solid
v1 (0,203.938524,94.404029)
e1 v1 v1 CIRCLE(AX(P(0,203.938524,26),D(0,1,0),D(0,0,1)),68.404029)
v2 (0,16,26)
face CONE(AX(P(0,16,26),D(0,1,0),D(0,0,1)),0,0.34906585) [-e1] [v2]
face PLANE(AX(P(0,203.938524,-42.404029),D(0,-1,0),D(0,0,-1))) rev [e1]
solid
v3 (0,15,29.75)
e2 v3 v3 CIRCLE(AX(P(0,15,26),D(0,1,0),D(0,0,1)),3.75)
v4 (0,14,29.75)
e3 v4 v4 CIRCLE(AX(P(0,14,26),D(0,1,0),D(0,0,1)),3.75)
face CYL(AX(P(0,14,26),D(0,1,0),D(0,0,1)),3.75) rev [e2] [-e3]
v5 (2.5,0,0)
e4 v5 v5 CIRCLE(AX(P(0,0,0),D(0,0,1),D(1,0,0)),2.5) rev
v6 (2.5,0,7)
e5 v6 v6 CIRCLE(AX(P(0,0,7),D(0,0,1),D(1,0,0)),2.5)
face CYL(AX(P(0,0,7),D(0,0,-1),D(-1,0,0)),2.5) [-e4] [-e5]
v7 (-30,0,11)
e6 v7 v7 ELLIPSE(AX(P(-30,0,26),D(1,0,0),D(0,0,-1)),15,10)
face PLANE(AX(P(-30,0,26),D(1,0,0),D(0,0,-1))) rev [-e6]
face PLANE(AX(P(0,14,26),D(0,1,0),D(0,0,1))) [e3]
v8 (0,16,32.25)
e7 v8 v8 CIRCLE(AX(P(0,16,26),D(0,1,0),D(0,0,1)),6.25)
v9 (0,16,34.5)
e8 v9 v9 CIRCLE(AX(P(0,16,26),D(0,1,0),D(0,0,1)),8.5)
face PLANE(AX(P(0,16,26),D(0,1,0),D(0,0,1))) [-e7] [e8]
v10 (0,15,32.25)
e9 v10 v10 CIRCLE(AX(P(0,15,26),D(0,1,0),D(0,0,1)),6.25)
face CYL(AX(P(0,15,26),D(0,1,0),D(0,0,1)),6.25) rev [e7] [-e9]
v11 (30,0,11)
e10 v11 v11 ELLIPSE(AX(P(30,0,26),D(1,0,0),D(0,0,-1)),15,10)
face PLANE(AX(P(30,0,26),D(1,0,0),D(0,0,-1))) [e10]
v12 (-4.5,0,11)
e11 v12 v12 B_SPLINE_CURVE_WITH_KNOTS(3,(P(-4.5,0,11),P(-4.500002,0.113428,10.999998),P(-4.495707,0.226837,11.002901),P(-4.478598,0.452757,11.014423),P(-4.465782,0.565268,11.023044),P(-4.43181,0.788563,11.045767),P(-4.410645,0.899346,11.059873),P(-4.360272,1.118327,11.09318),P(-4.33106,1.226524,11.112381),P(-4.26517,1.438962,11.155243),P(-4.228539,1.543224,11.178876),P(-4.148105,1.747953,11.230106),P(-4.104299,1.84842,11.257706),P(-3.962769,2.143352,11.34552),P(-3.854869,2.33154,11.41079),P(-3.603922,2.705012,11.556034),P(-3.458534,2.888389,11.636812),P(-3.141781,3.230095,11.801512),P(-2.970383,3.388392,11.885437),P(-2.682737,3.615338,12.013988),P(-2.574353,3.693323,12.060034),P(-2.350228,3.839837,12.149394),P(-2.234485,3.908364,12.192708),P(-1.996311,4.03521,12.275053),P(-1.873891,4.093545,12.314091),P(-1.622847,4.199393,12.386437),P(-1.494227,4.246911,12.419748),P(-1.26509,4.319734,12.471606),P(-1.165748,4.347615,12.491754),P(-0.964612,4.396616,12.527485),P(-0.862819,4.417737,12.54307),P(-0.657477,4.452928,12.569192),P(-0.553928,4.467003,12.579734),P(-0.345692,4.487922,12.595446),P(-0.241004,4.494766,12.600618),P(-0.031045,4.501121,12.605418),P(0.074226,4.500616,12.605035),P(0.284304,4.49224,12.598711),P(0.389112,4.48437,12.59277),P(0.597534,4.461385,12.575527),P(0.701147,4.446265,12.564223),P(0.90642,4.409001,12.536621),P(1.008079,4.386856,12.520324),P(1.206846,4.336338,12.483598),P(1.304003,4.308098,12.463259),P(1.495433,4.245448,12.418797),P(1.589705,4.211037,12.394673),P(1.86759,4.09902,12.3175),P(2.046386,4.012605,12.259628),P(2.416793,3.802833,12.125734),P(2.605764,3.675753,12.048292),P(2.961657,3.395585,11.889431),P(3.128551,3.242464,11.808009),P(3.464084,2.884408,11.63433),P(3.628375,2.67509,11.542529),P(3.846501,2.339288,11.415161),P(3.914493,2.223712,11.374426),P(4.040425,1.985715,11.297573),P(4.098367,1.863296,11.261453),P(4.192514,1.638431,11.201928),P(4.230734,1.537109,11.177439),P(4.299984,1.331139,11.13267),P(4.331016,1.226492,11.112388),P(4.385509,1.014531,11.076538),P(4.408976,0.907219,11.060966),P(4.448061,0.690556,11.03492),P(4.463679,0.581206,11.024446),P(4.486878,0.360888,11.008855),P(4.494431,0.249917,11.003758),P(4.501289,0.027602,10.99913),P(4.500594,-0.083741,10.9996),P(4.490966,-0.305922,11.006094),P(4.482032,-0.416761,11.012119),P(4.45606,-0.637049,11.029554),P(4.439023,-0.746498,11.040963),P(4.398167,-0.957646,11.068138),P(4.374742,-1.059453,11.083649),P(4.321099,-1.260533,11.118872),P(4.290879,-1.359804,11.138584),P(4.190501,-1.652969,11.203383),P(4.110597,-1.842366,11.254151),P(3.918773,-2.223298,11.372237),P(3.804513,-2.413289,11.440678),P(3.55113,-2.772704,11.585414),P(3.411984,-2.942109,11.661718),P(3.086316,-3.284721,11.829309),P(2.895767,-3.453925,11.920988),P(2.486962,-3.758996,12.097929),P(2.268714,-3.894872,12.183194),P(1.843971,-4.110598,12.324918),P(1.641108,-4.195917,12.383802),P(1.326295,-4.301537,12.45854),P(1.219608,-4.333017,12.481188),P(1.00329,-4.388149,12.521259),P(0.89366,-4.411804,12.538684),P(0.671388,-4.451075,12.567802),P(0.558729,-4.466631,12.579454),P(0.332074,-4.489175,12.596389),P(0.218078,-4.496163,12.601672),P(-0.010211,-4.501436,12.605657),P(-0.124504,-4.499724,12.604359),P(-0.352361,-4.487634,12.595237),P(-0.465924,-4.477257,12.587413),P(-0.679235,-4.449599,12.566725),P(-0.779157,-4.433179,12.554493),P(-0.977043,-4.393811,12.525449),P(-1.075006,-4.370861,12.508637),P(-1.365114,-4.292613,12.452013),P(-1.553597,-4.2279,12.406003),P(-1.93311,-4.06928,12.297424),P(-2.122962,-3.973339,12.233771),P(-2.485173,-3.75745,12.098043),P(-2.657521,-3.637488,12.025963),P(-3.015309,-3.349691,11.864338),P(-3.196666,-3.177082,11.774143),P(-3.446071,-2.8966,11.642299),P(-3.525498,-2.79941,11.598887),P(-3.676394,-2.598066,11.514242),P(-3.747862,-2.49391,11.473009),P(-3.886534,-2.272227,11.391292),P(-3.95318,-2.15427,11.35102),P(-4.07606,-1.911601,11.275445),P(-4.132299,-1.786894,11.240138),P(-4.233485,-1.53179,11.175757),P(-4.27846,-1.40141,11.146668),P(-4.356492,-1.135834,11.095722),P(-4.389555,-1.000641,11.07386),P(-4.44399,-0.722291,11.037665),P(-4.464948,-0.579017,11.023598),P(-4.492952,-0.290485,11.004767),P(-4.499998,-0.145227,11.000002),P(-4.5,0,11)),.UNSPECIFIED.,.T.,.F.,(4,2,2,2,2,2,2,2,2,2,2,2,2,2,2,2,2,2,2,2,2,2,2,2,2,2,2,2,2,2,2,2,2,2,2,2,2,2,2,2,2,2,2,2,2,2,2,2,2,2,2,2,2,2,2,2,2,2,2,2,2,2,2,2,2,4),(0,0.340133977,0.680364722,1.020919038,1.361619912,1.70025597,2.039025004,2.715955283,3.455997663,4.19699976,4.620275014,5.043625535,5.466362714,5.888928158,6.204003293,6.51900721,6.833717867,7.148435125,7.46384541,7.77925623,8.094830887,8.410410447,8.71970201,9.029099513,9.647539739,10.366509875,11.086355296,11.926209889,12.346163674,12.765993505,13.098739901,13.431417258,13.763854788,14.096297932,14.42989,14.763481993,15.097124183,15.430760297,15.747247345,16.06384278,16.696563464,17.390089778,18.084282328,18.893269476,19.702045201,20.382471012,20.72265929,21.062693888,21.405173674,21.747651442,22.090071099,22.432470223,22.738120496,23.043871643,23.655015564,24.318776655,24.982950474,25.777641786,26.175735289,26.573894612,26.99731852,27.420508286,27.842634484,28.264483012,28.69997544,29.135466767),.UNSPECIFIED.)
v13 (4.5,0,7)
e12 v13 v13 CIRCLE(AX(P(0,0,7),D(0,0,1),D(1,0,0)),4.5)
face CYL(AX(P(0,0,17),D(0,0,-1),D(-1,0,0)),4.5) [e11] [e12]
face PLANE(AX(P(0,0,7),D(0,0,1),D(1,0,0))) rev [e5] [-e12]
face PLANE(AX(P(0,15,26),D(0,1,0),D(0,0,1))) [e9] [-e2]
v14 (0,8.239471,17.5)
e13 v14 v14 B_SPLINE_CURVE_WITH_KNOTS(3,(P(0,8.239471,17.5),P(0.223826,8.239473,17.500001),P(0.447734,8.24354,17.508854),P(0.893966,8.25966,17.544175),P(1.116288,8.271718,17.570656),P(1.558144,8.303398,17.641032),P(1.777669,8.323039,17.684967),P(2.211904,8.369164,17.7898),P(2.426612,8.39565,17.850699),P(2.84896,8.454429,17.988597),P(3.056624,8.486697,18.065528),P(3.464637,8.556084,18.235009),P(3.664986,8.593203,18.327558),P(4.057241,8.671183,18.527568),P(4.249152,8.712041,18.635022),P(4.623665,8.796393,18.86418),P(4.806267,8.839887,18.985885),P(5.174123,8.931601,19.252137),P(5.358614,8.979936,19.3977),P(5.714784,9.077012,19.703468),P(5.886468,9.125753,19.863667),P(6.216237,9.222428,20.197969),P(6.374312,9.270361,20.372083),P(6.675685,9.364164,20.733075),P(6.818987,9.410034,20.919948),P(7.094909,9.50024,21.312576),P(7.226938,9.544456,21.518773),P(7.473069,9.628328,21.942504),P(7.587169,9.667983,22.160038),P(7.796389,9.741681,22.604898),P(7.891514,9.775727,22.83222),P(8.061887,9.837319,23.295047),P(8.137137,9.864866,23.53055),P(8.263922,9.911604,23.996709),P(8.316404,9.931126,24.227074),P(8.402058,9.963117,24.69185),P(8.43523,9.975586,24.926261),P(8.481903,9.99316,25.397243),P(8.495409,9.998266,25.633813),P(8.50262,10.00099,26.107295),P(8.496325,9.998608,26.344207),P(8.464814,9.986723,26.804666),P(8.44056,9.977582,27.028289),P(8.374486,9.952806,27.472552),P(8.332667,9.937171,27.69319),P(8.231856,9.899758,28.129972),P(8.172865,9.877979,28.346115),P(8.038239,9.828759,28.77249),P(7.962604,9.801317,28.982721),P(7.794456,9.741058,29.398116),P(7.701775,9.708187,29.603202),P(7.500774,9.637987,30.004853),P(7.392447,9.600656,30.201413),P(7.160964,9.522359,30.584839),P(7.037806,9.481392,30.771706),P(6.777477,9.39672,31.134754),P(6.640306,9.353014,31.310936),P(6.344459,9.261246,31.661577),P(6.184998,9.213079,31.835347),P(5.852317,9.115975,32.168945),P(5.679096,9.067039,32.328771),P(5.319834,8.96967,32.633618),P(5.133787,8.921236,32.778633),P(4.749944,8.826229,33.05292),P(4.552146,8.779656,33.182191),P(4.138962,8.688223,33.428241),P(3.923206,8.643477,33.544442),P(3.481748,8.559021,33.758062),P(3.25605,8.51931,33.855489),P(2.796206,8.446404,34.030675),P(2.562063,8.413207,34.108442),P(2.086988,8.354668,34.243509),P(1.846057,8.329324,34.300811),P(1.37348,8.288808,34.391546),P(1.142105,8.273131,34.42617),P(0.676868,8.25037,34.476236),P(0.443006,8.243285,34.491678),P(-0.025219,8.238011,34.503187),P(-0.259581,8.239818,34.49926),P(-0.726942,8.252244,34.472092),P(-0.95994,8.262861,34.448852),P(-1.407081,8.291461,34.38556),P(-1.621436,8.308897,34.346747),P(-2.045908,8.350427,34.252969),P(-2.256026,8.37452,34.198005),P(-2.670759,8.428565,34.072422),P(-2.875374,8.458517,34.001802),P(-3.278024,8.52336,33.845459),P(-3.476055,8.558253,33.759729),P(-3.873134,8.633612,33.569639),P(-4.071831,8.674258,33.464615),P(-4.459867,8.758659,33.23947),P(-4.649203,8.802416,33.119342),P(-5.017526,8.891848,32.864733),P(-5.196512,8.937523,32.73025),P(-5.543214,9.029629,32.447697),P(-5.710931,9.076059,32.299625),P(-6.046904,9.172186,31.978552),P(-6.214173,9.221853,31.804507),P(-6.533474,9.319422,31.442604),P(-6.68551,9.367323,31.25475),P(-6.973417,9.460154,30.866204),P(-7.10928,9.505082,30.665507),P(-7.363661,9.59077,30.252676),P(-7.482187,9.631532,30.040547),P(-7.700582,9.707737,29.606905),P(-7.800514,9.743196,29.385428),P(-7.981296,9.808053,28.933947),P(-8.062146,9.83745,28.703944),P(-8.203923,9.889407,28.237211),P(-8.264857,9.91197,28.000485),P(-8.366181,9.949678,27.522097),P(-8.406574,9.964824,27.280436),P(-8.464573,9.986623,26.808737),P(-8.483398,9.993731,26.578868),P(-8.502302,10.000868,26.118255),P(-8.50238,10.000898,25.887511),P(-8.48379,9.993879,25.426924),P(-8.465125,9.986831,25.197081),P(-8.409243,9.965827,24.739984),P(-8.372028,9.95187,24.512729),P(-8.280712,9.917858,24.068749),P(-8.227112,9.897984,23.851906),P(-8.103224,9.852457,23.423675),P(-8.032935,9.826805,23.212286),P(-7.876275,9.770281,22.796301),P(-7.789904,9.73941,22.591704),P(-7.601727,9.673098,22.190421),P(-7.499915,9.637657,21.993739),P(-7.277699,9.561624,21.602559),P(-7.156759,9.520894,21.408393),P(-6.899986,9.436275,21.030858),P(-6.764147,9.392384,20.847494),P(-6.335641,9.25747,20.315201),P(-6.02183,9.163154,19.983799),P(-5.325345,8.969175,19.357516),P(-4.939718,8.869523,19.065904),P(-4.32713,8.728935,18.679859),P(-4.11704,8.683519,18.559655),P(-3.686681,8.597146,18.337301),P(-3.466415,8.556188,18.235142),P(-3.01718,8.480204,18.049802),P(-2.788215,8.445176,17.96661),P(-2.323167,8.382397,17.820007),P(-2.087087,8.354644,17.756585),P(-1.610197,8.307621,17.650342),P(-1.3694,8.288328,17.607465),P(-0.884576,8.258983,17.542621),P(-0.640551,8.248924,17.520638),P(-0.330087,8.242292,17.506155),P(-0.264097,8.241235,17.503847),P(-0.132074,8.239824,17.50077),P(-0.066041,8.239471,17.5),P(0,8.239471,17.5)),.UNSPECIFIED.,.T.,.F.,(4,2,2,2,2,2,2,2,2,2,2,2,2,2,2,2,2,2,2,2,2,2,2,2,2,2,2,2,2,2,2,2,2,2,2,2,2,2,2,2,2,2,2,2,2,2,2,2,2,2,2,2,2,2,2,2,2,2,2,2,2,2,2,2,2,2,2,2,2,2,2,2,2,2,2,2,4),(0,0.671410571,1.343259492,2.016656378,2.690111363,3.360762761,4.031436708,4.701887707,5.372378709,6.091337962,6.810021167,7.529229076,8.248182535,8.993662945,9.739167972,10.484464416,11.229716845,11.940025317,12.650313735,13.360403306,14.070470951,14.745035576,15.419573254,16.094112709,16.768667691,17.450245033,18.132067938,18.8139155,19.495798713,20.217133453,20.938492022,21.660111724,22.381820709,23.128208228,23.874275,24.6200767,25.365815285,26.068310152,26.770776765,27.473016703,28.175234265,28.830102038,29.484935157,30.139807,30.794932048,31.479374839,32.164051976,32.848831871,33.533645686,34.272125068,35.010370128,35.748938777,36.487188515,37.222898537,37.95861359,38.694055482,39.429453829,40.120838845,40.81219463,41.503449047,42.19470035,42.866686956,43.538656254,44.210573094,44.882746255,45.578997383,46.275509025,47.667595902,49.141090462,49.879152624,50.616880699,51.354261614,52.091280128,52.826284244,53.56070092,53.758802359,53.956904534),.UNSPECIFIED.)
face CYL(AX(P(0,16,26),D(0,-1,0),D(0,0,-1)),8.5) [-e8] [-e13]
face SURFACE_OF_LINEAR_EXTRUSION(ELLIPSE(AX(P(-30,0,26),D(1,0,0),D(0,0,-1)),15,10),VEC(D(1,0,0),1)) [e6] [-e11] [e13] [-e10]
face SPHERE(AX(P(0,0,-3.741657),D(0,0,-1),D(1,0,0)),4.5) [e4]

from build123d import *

# Parameters (mm, degrees)
SKETCH_1_R           = 2.5
EXTRUDE_1_DEPTH      = 7
SKETCH_2_R           = 4.5
EXTRUDE_2_DEPTH      = 10
EXTRUDE_3_DEPTH      = 30
EXTRUDE_3_DEPTH_BACK = 30
SKETCH_3_RX          = 15
SKETCH_3_RY          = 10
SKETCH_4_R           = 8.5
EXTRUDE_4_DEPTH      = 16
SKETCH_5_R           = 6.25
CUT_EXTRUDE_1_DEPTH  = 1
SKETCH_6_R           = 3.75
CUT_EXTRUDE_2_DEPTH  = 1


with BuildPart() as part:
    # 草图1 → 凸台-拉伸1 (new body)
    with BuildSketch(Plane.XY):
        Circle(SKETCH_1_R)
    extrude(amount=EXTRUDE_1_DEPTH)

    # 草图2 → 凸台-拉伸2 (add)
    with BuildSketch(Plane.XY.offset(7)):
        Circle(SKETCH_2_R)
    extrude(amount=EXTRUDE_2_DEPTH)

    # 草图3 → 凸台-拉伸3 (add, two sides: drawn at the far end of the back side and taken through both)
    with BuildSketch(Plane(origin=(0, 0, 0), x_dir=(0, 0, -1), z_dir=(1, 0, 0)).offset(-EXTRUDE_3_DEPTH_BACK)):
        with Locations((-26, 0)):
            Ellipse(SKETCH_3_RX, SKETCH_3_RY)
    extrude(amount=EXTRUDE_3_DEPTH + EXTRUDE_3_DEPTH_BACK)

    # 草图4 → 凸台-拉伸4 (add)
    with BuildSketch(Plane(origin=(0, 0, 0), x_dir=(1, 0, 0), z_dir=(0, 1, 0))):
        with Locations((0, -26)):
            Circle(SKETCH_4_R)
    extrude(amount=EXTRUDE_4_DEPTH)

    # 草图5 → 切除-拉伸1 (cut)
    with BuildSketch(Plane(origin=(0, 16, 0), x_dir=(1, 0, 0), z_dir=(0, 1, 0))):
        with Locations((0, -26)):
            Circle(SKETCH_5_R)
    extrude(amount=-CUT_EXTRUDE_1_DEPTH, mode=Mode.SUBTRACT)

    # 草图6 → 切除-拉伸2 (cut)
    with BuildSketch(Plane(origin=(0, 15, 0), x_dir=(1, 0, 0), z_dir=(0, 1, 0))):
        with Locations((0, -26)):
            Circle(SKETCH_6_R)
    extrude(amount=-CUT_EXTRUDE_2_DEPTH, mode=Mode.SUBTRACT)

    # 草图7 → 旋转3 (revolve)
    with BuildSketch(Plane(origin=(0, 0, 0), x_dir=(1, 0, 0), z_dir=(0, 1, 0))):
        with BuildLine():
            Line((0, -0.758342613), (0, 8.241657387))
            ThreePointArc((0, 8.241657387), (4.5, 3.741657387), (0, -0.758342613))
        make_face()
    revolve(axis=Axis((0, 0, -10.703740256), (0, 0, 1)))


with BuildPart() as body_2:
    # 草图8 → 旋转4 (revolve)
    with BuildSketch(Plane(origin=(0, 0, 0), x_dir=(0, 0, -1), z_dir=(1, 0, 0))):
        Polygon((-26, 16), (42.404028665, 203.938524157), (-26, 203.938524157), align=None)
    revolve(axis=Axis((0, 203.938524157, 26), (0, -1, 0)))


solid = Compound([part.part, body_2.part])
